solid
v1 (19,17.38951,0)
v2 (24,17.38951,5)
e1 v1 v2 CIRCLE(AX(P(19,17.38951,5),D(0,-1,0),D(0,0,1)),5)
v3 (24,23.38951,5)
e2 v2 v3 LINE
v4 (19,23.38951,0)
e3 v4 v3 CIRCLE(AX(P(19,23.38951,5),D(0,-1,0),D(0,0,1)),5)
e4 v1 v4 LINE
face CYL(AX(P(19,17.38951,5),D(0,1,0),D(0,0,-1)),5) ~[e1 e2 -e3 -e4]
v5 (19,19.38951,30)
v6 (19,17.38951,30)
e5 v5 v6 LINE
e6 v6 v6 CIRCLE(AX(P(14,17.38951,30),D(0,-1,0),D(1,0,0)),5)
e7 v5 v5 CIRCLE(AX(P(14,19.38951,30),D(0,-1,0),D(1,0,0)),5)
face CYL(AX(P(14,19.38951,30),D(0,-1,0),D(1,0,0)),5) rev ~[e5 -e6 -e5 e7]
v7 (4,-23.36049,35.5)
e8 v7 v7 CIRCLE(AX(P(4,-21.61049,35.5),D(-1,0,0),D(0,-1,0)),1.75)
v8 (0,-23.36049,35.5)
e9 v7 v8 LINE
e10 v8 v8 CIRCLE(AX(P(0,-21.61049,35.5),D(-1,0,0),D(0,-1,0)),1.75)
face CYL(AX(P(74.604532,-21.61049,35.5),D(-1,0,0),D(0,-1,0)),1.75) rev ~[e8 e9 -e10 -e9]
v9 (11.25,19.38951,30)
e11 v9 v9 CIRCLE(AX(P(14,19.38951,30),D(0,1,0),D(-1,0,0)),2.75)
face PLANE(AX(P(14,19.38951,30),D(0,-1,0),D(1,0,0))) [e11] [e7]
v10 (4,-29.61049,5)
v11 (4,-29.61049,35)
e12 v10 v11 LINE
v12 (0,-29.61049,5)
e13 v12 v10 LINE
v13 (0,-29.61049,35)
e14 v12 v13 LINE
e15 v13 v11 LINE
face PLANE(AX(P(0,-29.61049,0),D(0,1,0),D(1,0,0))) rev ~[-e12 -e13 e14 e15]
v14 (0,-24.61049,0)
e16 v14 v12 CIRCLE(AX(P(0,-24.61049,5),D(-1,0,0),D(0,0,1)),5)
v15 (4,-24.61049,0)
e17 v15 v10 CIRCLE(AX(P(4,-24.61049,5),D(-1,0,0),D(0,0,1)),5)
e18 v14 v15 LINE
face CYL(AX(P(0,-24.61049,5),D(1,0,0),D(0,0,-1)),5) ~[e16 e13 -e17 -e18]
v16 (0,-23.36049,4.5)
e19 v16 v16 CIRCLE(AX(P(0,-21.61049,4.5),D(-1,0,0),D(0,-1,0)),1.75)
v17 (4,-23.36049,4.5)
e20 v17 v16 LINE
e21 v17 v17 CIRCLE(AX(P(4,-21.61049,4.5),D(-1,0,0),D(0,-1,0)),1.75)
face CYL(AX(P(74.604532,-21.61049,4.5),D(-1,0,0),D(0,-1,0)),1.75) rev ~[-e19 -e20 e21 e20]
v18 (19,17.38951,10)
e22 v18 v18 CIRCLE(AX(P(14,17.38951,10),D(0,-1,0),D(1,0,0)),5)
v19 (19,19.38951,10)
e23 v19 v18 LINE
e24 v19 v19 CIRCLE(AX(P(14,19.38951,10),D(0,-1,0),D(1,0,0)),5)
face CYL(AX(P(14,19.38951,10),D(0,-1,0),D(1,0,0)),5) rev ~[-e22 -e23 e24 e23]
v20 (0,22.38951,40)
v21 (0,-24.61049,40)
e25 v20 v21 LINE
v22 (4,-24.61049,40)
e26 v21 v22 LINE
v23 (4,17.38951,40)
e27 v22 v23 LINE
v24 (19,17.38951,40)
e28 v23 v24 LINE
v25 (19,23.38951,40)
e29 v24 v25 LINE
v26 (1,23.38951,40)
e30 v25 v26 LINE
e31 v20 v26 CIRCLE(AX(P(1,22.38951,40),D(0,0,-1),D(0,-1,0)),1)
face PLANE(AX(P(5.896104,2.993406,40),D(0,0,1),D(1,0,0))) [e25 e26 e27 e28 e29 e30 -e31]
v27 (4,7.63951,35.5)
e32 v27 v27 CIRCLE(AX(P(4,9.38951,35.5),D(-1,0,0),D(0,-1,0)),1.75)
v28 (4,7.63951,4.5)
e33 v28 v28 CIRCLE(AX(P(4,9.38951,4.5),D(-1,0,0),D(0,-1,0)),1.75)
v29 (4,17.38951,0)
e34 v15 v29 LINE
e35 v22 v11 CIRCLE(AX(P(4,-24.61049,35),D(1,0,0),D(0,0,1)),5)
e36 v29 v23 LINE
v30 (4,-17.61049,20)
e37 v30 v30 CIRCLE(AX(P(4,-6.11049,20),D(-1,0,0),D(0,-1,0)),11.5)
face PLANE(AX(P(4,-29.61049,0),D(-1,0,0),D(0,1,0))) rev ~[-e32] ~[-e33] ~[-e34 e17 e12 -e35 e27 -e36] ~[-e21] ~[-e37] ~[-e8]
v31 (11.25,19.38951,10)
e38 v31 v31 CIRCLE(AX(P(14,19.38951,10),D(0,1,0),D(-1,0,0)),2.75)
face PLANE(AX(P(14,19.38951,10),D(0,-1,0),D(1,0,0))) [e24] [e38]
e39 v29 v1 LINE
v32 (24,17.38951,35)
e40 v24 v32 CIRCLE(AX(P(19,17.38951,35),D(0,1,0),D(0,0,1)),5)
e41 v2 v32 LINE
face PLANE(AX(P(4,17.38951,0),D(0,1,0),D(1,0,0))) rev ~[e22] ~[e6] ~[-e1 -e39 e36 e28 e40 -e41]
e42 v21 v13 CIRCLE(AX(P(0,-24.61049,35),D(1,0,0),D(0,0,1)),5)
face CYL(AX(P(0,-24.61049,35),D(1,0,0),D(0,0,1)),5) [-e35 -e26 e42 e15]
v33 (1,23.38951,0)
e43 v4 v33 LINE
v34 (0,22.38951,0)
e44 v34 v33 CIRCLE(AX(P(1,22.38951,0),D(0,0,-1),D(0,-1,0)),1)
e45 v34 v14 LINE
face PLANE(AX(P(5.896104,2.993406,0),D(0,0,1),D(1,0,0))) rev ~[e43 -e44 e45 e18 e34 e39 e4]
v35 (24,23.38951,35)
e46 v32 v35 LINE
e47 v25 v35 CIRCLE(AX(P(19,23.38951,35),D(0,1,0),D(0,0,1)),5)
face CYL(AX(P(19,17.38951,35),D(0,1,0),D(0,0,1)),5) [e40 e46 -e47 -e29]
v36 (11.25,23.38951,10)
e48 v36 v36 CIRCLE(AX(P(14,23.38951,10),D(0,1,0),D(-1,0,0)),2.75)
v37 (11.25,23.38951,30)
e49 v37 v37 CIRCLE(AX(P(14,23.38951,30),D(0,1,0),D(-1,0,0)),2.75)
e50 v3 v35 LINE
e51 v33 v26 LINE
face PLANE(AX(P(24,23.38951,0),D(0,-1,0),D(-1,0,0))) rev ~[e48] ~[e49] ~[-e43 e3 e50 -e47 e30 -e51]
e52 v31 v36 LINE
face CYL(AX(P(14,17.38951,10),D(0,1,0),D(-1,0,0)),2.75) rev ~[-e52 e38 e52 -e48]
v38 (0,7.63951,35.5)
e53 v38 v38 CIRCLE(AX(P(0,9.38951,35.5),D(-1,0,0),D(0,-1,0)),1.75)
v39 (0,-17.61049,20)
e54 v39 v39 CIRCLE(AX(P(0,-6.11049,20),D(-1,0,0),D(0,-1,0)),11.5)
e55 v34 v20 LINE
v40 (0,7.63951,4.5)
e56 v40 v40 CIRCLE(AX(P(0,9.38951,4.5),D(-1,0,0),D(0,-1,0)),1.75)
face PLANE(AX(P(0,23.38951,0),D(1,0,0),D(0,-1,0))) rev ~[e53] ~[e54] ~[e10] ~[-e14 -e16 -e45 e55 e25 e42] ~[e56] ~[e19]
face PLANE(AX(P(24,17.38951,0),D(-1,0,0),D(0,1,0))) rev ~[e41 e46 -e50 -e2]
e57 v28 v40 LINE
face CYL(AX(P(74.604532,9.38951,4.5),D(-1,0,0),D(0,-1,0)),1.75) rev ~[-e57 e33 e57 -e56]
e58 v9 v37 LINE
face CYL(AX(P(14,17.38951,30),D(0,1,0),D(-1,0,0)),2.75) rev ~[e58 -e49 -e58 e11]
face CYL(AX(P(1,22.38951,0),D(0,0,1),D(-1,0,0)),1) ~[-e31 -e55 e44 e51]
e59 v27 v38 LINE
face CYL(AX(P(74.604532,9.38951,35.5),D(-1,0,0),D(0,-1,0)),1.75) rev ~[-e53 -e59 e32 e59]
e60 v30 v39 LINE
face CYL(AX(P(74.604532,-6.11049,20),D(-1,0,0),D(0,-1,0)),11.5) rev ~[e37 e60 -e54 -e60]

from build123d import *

# Parameters (mm, degrees)
F5_DEPTH       = 40
F1_D           = 3.5
F7_D           = 23
F2_D           = 5.5
F2_CBORE_D     = 10
F2_CBORE_DEPTH = 2
F3_R           = 5
F4_R           = 1


with BuildPart() as f5:
    # F0 (on Top) → F5 (new body)
    with BuildSketch(Plane.XY):
        Polygon((0, 23.38951), (0, -29.61049), (4, -29.61049), (4, 17.38951), (24, 17.38951), (24, 23.38951), align=None)
    extrude(amount=F5_DEPTH)

    # F1 (through all)
    with Locations(Plane.YZ.offset(4)):
        with Locations((-21.61049, 35.5), (9.38951, 35.5), (-21.61049, 4.5), (9.38951, 4.5)):
            Hole(F1_D / 2)

    # F7 (through all)
    with Locations(Plane.YZ.offset(4)):
        with Locations((-6.11049, 20)):
            Hole(F7_D / 2)

    # F2 (through all)
    with Locations(Plane.XZ.offset(-17.38951)):
        with Locations((14, 30), (14, 10)):
            CounterBoreHole(F2_D / 2, F2_CBORE_D / 2, F2_CBORE_DEPTH)

    # F3
    f3_edges = [f5.edges().sort_by_distance(p)[0] for p in [
        (2, -29.61049, 40),
        (2, -29.61049, 0),
        (24, 20.38951, 40),
        (24, 20.38951, 0),
    ]]
    fillet(f3_edges, radius=F3_R)

    # F4
    f4_edges = [f5.edges().sort_by_distance(p)[0] for p in [
        (0, 23.38951, 20),
    ]]
    fillet(f4_edges, radius=F4_R)


solid = f5.part
